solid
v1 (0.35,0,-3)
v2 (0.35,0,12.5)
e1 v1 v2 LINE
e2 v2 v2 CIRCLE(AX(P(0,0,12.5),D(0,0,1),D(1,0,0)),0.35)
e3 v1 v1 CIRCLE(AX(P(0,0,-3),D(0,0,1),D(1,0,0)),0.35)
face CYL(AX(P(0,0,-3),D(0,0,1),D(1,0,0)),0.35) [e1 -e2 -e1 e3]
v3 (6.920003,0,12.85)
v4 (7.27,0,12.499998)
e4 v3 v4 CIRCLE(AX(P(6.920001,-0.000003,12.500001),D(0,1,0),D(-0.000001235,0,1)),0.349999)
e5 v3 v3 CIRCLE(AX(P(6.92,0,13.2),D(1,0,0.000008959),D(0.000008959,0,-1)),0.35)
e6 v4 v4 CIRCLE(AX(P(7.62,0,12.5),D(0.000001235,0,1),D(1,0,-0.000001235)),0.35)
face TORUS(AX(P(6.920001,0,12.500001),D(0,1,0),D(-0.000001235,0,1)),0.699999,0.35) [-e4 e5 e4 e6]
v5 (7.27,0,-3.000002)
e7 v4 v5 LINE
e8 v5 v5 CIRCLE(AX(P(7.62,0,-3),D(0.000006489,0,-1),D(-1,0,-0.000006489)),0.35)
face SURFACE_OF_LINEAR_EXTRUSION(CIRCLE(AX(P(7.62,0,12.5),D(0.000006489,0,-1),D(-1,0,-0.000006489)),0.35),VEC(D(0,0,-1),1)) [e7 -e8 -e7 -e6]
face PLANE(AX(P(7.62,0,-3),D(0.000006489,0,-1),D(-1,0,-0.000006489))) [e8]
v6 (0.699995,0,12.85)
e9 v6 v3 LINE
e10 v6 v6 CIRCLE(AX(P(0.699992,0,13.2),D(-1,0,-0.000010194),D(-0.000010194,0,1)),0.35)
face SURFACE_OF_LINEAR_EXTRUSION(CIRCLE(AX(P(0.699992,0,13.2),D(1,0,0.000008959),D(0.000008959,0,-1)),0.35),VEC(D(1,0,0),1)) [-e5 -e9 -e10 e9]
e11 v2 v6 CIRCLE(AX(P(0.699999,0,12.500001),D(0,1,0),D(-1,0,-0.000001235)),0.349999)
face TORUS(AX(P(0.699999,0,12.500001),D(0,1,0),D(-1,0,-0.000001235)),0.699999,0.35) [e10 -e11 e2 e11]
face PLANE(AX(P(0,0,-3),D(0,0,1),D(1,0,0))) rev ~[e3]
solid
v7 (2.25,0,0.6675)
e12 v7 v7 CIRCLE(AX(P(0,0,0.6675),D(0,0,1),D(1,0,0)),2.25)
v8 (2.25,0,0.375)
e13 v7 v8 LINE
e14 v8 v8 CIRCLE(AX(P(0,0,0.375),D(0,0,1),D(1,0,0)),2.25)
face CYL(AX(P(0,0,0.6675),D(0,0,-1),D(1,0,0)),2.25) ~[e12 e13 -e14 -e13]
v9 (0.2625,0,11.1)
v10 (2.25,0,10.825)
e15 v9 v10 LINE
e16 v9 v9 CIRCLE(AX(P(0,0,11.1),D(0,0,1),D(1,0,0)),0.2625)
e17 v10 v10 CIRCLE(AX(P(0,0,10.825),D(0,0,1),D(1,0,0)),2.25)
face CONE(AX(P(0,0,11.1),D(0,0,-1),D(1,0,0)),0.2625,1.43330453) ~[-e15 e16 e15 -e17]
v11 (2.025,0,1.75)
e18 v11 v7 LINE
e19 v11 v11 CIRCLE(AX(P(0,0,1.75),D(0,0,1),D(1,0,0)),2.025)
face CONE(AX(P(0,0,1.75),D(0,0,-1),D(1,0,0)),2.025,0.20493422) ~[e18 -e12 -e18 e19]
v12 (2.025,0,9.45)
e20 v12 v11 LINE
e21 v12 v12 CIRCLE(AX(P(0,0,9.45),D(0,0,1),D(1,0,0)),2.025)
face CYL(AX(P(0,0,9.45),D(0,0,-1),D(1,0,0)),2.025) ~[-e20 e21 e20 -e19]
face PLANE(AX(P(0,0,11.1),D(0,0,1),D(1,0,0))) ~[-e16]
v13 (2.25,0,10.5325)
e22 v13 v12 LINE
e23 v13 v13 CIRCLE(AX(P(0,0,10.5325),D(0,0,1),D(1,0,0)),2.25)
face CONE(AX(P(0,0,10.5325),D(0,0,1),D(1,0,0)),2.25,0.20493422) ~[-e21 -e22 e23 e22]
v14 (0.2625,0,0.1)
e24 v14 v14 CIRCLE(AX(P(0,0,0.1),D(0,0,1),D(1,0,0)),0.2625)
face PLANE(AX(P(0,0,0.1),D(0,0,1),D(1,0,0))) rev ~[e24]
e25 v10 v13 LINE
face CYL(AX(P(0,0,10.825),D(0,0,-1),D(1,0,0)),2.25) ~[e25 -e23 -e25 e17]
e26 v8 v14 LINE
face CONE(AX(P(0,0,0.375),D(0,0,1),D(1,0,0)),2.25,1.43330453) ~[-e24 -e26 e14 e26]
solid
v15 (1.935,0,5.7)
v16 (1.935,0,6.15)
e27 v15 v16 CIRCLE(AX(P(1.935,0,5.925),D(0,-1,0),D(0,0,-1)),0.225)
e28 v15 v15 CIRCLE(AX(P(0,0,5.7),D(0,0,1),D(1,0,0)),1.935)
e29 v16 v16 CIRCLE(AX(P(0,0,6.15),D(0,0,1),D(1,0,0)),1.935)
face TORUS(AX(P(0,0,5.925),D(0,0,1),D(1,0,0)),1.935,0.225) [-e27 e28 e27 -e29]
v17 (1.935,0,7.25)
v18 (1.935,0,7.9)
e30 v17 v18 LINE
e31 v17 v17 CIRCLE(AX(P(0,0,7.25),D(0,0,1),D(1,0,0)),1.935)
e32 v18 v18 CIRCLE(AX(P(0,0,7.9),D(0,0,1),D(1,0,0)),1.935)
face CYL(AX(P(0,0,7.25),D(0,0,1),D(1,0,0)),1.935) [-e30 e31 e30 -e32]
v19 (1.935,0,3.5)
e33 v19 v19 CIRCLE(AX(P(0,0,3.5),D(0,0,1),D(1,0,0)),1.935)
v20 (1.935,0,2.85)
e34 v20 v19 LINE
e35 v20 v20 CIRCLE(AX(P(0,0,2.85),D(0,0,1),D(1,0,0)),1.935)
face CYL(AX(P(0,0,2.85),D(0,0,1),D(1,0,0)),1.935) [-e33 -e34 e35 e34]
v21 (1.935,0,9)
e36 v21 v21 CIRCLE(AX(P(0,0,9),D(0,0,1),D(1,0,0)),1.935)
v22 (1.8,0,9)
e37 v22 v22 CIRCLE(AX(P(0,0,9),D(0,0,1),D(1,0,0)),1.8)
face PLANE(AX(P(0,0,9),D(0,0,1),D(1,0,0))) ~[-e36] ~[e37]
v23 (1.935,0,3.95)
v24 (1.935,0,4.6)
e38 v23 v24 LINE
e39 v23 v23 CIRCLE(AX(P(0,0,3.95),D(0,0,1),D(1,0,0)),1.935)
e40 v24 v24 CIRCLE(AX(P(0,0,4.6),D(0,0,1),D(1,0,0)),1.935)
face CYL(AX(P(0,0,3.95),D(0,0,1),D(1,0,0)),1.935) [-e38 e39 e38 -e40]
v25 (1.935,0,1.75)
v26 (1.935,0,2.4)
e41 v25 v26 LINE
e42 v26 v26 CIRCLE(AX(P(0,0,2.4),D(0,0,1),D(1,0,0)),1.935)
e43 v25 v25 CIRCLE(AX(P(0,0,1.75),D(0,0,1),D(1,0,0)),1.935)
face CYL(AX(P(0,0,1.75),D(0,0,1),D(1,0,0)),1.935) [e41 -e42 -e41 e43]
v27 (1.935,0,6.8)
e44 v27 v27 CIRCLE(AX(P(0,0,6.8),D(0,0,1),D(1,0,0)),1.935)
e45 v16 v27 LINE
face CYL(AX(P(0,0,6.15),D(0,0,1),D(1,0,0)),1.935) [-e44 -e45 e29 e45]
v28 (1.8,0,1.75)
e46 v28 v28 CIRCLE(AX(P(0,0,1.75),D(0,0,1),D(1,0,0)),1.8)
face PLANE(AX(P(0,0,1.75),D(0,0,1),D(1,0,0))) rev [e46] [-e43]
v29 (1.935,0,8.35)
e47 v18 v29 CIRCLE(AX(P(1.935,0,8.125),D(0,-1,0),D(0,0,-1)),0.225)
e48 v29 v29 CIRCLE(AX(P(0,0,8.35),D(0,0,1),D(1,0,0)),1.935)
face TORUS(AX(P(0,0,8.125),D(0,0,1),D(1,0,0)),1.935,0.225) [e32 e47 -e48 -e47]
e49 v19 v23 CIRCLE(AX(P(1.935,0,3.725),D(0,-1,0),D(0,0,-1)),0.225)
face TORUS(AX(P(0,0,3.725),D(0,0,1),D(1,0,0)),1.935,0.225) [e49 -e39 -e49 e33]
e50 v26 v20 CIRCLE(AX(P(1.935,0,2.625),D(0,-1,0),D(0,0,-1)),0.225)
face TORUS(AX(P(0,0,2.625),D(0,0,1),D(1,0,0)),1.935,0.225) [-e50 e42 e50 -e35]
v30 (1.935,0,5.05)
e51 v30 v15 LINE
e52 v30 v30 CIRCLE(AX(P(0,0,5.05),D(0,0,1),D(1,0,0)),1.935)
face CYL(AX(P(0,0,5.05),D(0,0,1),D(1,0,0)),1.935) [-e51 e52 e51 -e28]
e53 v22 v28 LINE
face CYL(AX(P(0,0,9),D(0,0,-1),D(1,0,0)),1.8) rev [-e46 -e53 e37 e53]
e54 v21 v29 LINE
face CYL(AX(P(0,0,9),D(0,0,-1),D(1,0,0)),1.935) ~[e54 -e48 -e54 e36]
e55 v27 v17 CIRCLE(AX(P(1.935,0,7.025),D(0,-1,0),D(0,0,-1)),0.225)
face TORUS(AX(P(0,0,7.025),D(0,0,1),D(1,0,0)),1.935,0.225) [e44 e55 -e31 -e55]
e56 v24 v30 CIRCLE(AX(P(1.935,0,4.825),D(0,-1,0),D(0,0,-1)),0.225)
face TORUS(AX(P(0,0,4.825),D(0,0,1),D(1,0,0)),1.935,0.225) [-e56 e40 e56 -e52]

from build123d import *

# Parameters (mm, degrees)
SKETCH_R = 0.35


with BuildPart() as sweep_body:
    # Sweep: sweep along a path in Sketch001
    with BuildLine(Plane.XZ) as sweep_path:
        Line((0, -3), (0, 12.5))
        ThreePointArc((0, 12.5), (0.205022, 12.994972), (0.699992, 13.2))
        Line((0.699992, 13.2), (6.92, 13.2))
        ThreePointArc((6.92, 13.2), (7.414975, 12.994975), (7.62, 12.5))
        Line((7.62, 12.5), (7.62, -3))
    # Sketch → Sweep (sweep)
    with BuildSketch(Plane.XY.offset(-2)):
        Circle(SKETCH_R)
    sweep(path=sweep_path.line)


with BuildPart() as revolution:
    # Sketch002 → Revolution (revolve)
    with BuildSketch(Plane.XZ):
        Polygon((0, 0.1), (0, 11.1), (0.2625, 11.1), (2.25, 10.825), (2.25, 10.5325), (2.025, 9.45), (2.025, 1.75), (2.25, 0.6675), (2.25, 0.375), (0.2625, 0.1), align=None)
    revolve(axis=Axis((0, 0, 0), (0, 0, 1)))


with BuildPart() as revolution001:
    # Sketch003 → Revolution001 (revolve)
    with BuildSketch(Plane.XZ):
        with BuildLine():
            Line((1.8, 9), (1.8, 1.75))
            Line((1.8, 1.75), (1.935, 1.75))
            Line((1.935, 1.75), (1.935, 2.4))
            ThreePointArc((1.935, 2.4), (2.16, 2.625), (1.935, 2.85))
            Line((1.935, 2.85), (1.935, 3.5))
            ThreePointArc((1.935, 3.5), (2.16, 3.725), (1.935, 3.95))
            Line((1.935, 3.95), (1.935, 4.6))
            ThreePointArc((1.935, 4.6), (2.16, 4.825), (1.935, 5.05))
            Line((1.935, 5.05), (1.935, 5.7))
            ThreePointArc((1.935, 5.7), (2.16, 5.925), (1.935, 6.15))
            Line((1.935, 6.15), (1.935, 6.8))
            ThreePointArc((1.935, 6.8), (2.16, 7.025), (1.935, 7.25))
            Line((1.935, 7.25), (1.935, 7.9))
            ThreePointArc((1.935, 7.9), (2.16, 8.125), (1.935, 8.35))
            Line((1.935, 9), (1.935, 8.35))
            Line((1.8, 9), (1.935, 9))
        make_face()
    revolve(axis=Axis((0, 0, 0), (0, 0, 1)))


solid = Compound([sweep_body.part, revolution.part, revolution001.part])
